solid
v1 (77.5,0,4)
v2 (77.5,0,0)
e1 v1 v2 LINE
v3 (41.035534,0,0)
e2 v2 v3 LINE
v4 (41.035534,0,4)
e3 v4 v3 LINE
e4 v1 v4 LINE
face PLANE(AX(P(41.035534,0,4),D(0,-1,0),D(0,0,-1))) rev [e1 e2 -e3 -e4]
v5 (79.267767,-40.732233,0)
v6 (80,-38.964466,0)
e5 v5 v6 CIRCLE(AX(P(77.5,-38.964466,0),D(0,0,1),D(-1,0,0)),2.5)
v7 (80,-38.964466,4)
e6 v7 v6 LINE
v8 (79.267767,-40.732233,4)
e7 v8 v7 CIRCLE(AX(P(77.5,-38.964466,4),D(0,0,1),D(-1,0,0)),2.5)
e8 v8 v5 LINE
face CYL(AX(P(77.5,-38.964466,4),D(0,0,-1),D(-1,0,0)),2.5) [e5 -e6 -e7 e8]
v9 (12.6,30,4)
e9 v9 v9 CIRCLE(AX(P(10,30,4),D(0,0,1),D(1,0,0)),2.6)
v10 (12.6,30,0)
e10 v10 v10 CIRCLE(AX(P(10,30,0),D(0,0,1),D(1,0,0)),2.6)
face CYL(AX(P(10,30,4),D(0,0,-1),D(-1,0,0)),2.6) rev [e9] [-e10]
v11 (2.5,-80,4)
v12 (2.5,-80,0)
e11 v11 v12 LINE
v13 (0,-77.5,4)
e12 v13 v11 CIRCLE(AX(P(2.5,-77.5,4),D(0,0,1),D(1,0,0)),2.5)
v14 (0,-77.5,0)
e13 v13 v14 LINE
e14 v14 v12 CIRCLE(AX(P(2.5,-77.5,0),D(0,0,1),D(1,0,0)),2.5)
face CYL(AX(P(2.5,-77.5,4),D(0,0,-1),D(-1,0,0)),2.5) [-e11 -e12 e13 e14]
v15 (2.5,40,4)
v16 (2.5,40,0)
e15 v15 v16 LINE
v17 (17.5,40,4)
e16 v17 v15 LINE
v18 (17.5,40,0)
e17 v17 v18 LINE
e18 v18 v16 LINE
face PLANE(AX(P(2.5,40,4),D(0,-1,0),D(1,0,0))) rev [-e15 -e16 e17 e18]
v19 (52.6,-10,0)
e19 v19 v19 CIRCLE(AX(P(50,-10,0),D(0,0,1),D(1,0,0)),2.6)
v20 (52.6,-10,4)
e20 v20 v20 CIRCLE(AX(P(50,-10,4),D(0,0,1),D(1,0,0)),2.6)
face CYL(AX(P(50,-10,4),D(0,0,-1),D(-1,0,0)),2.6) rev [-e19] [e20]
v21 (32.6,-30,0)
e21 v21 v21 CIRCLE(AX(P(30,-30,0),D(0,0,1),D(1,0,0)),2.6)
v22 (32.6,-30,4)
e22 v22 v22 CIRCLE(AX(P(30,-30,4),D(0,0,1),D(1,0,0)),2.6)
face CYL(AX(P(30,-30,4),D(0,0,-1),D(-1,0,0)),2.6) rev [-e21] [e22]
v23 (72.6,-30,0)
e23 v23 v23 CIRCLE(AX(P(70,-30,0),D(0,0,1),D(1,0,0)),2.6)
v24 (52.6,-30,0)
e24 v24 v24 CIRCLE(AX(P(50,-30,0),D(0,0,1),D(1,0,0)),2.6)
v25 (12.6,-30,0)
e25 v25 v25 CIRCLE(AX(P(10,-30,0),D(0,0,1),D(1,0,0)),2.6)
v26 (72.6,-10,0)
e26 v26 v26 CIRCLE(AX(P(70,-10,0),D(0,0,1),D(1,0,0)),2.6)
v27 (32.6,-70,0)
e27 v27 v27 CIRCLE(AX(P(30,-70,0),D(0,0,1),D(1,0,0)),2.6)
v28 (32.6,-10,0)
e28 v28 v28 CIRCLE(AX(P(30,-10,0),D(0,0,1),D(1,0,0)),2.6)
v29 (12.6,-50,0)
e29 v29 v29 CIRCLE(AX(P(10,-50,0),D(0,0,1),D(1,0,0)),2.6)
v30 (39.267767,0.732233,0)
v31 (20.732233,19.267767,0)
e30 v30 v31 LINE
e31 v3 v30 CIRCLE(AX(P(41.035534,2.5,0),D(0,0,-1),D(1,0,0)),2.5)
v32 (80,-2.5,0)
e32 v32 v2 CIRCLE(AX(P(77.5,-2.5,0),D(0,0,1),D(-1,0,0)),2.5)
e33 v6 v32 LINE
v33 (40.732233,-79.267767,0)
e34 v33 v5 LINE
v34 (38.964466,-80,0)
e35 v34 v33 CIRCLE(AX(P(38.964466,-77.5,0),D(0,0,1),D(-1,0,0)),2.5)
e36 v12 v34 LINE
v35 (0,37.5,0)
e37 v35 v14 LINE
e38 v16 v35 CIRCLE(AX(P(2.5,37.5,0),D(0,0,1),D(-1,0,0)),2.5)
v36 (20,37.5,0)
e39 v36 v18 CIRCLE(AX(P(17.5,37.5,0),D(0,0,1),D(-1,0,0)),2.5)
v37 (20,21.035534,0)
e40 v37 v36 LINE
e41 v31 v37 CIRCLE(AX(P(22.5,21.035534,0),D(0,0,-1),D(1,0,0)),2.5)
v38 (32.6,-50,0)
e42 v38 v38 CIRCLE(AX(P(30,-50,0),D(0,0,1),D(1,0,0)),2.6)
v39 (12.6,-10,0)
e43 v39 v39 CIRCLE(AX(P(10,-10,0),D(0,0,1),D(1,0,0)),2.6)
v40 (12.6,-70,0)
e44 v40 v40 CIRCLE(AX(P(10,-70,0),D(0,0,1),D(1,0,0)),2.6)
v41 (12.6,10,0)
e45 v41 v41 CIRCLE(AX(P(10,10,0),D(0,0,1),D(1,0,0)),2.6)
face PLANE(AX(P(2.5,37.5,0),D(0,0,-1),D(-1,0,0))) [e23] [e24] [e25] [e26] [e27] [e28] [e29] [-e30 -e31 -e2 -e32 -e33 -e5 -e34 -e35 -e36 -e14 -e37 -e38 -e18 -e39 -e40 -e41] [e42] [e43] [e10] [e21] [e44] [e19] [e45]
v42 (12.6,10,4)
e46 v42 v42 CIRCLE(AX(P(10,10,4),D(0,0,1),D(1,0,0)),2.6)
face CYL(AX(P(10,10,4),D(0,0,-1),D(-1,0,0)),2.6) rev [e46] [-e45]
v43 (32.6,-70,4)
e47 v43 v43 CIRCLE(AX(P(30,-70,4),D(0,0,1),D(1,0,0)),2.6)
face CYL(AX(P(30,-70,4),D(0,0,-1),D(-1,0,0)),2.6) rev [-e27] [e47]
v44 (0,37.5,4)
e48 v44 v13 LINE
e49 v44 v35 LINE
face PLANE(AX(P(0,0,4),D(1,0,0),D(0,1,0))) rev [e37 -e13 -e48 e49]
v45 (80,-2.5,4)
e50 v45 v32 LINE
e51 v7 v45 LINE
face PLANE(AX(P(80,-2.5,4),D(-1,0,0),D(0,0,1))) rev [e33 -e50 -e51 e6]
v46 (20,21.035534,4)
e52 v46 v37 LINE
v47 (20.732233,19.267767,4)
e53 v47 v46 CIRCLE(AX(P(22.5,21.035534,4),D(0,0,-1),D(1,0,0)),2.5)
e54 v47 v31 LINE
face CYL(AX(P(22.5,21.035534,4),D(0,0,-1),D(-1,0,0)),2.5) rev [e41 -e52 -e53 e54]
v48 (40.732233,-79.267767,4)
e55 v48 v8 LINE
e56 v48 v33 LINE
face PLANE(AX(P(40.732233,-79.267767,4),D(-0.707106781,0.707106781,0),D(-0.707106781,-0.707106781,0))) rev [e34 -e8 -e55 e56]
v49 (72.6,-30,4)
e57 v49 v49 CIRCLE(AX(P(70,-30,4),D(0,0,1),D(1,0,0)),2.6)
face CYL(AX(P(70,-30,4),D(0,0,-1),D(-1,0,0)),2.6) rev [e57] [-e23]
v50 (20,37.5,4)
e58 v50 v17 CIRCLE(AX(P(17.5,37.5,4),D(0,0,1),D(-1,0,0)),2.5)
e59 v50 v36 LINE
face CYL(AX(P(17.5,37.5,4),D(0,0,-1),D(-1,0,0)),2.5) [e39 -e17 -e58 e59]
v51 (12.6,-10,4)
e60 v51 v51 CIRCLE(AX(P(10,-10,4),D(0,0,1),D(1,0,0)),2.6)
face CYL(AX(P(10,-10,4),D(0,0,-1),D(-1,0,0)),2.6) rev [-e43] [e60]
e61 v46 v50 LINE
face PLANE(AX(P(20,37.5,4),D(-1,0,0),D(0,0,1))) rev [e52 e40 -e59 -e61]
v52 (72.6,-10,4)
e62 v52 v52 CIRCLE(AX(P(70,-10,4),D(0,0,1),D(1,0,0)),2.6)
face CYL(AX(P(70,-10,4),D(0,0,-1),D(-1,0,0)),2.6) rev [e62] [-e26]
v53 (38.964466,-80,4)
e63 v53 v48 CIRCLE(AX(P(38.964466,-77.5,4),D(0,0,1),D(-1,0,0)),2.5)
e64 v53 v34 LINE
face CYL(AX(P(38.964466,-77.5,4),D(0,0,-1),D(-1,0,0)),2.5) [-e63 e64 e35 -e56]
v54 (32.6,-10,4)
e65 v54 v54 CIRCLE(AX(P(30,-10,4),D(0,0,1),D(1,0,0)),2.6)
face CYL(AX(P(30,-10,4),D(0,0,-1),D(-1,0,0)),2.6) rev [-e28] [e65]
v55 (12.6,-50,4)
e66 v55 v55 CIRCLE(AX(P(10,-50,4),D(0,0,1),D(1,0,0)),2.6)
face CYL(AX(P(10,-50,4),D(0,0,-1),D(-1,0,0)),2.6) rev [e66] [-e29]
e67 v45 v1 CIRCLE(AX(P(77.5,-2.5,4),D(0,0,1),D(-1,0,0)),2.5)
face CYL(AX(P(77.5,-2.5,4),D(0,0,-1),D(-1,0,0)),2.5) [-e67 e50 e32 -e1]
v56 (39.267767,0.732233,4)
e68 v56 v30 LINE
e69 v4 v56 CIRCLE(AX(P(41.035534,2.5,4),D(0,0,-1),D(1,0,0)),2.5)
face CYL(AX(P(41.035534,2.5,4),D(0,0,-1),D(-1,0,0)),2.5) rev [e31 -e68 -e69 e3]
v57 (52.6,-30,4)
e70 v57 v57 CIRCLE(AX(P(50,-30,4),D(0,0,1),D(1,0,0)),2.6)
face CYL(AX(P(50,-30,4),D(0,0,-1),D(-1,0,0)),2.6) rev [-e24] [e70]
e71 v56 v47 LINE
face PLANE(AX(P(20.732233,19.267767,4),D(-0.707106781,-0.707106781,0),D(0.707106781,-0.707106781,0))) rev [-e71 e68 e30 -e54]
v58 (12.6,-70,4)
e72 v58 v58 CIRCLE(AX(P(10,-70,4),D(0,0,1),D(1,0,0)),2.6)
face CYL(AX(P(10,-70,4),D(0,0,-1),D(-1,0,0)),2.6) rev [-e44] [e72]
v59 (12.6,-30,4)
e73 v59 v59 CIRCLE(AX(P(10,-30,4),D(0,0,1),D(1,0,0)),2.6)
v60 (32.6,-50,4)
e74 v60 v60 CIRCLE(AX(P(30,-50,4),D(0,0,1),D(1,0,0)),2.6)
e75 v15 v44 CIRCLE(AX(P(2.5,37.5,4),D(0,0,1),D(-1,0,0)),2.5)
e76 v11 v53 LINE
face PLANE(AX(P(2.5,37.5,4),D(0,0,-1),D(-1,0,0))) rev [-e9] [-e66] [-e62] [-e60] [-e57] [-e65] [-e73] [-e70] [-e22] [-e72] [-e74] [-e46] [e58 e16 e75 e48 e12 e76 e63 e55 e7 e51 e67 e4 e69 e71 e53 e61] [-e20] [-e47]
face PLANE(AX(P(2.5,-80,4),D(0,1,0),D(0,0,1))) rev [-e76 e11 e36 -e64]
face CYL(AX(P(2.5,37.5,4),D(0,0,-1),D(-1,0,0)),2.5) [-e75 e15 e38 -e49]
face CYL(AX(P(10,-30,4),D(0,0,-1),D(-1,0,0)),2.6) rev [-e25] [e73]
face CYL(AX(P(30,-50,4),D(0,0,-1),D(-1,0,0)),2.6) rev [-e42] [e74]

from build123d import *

# Parameters (mm, degrees)
SKETCH_1_R      = 2.6
EXTRUDE_1_DEPTH = 4


with BuildPart() as part:
    # Эскиз1 → Бобышка-Вытянуть1 (new body)
    with BuildSketch(Plane.XY):
        with BuildLine():
            Line((40.732233047, -79.267766953), (79.267766953, -40.732233047))
            ThreePointArc((79.267766953, -40.732233047), (79.809698831, -39.921174675), (80, -38.964466094))
            Line((80, -38.964466094), (80, -2.5))
            ThreePointArc((80, -2.5), (79.267766953, -0.732233047), (77.5, 0))
            Line((77.5, 0), (41.035533906, 0))
            ThreePointArc((41.035533906, 0), (40.078825325, 0.190301169), (39.267766953, 0.732233047))
            Line((39.267766953, 0.732233047), (20.732233047, 19.267766953))
            ThreePointArc((20.732233047, 19.267766953), (20.190301169, 20.078825325), (20, 21.035533906))
            Line((20, 21.035533906), (20, 37.5))
            ThreePointArc((20, 37.5), (19.267766953, 39.267766953), (17.5, 40))
            Line((17.5, 40), (2.5, 40))
            ThreePointArc((2.5, 40), (0.732233047, 39.267766953), (0, 37.5))
            Line((0, 37.5), (0, 0))
            Line((0, 0), (0, -77.5))
            ThreePointArc((0, -77.5), (0.732233047, -79.267766953), (2.5, -80))
            Line((2.5, -80), (38.964466094, -80))
            ThreePointArc((38.964466094, -80), (39.921174675, -79.809698831), (40.732233047, -79.267766953))
        make_face()
        with Locations((10, -10)):
            Circle(SKETCH_1_R, mode=Mode.SUBTRACT)
        with Locations((30, -10)):
            Circle(SKETCH_1_R, mode=Mode.SUBTRACT)
        with Locations((30, -30)):
            Circle(SKETCH_1_R, mode=Mode.SUBTRACT)
        with Locations((30, -50)):
            Circle(SKETCH_1_R, mode=Mode.SUBTRACT)
        with Locations((30, -70)):
            Circle(SKETCH_1_R, mode=Mode.SUBTRACT)
        with Locations((10, -30)):
            Circle(SKETCH_1_R, mode=Mode.SUBTRACT)
        with Locations((10, -50)):
            Circle(SKETCH_1_R, mode=Mode.SUBTRACT)
        with Locations((10, -70)):
            Circle(SKETCH_1_R, mode=Mode.SUBTRACT)
        with Locations((50, -10)):
            Circle(SKETCH_1_R, mode=Mode.SUBTRACT)
        with Locations((50, -30)):
            Circle(SKETCH_1_R, mode=Mode.SUBTRACT)
        with Locations((70, -10)):
            Circle(SKETCH_1_R, mode=Mode.SUBTRACT)
        with Locations((70, -30)):
            Circle(SKETCH_1_R, mode=Mode.SUBTRACT)
        with Locations((10, 10)):
            Circle(SKETCH_1_R, mode=Mode.SUBTRACT)
        with Locations((10, 30)):
            Circle(SKETCH_1_R, mode=Mode.SUBTRACT)
    extrude(amount=EXTRUDE_1_DEPTH)


solid = part.part
